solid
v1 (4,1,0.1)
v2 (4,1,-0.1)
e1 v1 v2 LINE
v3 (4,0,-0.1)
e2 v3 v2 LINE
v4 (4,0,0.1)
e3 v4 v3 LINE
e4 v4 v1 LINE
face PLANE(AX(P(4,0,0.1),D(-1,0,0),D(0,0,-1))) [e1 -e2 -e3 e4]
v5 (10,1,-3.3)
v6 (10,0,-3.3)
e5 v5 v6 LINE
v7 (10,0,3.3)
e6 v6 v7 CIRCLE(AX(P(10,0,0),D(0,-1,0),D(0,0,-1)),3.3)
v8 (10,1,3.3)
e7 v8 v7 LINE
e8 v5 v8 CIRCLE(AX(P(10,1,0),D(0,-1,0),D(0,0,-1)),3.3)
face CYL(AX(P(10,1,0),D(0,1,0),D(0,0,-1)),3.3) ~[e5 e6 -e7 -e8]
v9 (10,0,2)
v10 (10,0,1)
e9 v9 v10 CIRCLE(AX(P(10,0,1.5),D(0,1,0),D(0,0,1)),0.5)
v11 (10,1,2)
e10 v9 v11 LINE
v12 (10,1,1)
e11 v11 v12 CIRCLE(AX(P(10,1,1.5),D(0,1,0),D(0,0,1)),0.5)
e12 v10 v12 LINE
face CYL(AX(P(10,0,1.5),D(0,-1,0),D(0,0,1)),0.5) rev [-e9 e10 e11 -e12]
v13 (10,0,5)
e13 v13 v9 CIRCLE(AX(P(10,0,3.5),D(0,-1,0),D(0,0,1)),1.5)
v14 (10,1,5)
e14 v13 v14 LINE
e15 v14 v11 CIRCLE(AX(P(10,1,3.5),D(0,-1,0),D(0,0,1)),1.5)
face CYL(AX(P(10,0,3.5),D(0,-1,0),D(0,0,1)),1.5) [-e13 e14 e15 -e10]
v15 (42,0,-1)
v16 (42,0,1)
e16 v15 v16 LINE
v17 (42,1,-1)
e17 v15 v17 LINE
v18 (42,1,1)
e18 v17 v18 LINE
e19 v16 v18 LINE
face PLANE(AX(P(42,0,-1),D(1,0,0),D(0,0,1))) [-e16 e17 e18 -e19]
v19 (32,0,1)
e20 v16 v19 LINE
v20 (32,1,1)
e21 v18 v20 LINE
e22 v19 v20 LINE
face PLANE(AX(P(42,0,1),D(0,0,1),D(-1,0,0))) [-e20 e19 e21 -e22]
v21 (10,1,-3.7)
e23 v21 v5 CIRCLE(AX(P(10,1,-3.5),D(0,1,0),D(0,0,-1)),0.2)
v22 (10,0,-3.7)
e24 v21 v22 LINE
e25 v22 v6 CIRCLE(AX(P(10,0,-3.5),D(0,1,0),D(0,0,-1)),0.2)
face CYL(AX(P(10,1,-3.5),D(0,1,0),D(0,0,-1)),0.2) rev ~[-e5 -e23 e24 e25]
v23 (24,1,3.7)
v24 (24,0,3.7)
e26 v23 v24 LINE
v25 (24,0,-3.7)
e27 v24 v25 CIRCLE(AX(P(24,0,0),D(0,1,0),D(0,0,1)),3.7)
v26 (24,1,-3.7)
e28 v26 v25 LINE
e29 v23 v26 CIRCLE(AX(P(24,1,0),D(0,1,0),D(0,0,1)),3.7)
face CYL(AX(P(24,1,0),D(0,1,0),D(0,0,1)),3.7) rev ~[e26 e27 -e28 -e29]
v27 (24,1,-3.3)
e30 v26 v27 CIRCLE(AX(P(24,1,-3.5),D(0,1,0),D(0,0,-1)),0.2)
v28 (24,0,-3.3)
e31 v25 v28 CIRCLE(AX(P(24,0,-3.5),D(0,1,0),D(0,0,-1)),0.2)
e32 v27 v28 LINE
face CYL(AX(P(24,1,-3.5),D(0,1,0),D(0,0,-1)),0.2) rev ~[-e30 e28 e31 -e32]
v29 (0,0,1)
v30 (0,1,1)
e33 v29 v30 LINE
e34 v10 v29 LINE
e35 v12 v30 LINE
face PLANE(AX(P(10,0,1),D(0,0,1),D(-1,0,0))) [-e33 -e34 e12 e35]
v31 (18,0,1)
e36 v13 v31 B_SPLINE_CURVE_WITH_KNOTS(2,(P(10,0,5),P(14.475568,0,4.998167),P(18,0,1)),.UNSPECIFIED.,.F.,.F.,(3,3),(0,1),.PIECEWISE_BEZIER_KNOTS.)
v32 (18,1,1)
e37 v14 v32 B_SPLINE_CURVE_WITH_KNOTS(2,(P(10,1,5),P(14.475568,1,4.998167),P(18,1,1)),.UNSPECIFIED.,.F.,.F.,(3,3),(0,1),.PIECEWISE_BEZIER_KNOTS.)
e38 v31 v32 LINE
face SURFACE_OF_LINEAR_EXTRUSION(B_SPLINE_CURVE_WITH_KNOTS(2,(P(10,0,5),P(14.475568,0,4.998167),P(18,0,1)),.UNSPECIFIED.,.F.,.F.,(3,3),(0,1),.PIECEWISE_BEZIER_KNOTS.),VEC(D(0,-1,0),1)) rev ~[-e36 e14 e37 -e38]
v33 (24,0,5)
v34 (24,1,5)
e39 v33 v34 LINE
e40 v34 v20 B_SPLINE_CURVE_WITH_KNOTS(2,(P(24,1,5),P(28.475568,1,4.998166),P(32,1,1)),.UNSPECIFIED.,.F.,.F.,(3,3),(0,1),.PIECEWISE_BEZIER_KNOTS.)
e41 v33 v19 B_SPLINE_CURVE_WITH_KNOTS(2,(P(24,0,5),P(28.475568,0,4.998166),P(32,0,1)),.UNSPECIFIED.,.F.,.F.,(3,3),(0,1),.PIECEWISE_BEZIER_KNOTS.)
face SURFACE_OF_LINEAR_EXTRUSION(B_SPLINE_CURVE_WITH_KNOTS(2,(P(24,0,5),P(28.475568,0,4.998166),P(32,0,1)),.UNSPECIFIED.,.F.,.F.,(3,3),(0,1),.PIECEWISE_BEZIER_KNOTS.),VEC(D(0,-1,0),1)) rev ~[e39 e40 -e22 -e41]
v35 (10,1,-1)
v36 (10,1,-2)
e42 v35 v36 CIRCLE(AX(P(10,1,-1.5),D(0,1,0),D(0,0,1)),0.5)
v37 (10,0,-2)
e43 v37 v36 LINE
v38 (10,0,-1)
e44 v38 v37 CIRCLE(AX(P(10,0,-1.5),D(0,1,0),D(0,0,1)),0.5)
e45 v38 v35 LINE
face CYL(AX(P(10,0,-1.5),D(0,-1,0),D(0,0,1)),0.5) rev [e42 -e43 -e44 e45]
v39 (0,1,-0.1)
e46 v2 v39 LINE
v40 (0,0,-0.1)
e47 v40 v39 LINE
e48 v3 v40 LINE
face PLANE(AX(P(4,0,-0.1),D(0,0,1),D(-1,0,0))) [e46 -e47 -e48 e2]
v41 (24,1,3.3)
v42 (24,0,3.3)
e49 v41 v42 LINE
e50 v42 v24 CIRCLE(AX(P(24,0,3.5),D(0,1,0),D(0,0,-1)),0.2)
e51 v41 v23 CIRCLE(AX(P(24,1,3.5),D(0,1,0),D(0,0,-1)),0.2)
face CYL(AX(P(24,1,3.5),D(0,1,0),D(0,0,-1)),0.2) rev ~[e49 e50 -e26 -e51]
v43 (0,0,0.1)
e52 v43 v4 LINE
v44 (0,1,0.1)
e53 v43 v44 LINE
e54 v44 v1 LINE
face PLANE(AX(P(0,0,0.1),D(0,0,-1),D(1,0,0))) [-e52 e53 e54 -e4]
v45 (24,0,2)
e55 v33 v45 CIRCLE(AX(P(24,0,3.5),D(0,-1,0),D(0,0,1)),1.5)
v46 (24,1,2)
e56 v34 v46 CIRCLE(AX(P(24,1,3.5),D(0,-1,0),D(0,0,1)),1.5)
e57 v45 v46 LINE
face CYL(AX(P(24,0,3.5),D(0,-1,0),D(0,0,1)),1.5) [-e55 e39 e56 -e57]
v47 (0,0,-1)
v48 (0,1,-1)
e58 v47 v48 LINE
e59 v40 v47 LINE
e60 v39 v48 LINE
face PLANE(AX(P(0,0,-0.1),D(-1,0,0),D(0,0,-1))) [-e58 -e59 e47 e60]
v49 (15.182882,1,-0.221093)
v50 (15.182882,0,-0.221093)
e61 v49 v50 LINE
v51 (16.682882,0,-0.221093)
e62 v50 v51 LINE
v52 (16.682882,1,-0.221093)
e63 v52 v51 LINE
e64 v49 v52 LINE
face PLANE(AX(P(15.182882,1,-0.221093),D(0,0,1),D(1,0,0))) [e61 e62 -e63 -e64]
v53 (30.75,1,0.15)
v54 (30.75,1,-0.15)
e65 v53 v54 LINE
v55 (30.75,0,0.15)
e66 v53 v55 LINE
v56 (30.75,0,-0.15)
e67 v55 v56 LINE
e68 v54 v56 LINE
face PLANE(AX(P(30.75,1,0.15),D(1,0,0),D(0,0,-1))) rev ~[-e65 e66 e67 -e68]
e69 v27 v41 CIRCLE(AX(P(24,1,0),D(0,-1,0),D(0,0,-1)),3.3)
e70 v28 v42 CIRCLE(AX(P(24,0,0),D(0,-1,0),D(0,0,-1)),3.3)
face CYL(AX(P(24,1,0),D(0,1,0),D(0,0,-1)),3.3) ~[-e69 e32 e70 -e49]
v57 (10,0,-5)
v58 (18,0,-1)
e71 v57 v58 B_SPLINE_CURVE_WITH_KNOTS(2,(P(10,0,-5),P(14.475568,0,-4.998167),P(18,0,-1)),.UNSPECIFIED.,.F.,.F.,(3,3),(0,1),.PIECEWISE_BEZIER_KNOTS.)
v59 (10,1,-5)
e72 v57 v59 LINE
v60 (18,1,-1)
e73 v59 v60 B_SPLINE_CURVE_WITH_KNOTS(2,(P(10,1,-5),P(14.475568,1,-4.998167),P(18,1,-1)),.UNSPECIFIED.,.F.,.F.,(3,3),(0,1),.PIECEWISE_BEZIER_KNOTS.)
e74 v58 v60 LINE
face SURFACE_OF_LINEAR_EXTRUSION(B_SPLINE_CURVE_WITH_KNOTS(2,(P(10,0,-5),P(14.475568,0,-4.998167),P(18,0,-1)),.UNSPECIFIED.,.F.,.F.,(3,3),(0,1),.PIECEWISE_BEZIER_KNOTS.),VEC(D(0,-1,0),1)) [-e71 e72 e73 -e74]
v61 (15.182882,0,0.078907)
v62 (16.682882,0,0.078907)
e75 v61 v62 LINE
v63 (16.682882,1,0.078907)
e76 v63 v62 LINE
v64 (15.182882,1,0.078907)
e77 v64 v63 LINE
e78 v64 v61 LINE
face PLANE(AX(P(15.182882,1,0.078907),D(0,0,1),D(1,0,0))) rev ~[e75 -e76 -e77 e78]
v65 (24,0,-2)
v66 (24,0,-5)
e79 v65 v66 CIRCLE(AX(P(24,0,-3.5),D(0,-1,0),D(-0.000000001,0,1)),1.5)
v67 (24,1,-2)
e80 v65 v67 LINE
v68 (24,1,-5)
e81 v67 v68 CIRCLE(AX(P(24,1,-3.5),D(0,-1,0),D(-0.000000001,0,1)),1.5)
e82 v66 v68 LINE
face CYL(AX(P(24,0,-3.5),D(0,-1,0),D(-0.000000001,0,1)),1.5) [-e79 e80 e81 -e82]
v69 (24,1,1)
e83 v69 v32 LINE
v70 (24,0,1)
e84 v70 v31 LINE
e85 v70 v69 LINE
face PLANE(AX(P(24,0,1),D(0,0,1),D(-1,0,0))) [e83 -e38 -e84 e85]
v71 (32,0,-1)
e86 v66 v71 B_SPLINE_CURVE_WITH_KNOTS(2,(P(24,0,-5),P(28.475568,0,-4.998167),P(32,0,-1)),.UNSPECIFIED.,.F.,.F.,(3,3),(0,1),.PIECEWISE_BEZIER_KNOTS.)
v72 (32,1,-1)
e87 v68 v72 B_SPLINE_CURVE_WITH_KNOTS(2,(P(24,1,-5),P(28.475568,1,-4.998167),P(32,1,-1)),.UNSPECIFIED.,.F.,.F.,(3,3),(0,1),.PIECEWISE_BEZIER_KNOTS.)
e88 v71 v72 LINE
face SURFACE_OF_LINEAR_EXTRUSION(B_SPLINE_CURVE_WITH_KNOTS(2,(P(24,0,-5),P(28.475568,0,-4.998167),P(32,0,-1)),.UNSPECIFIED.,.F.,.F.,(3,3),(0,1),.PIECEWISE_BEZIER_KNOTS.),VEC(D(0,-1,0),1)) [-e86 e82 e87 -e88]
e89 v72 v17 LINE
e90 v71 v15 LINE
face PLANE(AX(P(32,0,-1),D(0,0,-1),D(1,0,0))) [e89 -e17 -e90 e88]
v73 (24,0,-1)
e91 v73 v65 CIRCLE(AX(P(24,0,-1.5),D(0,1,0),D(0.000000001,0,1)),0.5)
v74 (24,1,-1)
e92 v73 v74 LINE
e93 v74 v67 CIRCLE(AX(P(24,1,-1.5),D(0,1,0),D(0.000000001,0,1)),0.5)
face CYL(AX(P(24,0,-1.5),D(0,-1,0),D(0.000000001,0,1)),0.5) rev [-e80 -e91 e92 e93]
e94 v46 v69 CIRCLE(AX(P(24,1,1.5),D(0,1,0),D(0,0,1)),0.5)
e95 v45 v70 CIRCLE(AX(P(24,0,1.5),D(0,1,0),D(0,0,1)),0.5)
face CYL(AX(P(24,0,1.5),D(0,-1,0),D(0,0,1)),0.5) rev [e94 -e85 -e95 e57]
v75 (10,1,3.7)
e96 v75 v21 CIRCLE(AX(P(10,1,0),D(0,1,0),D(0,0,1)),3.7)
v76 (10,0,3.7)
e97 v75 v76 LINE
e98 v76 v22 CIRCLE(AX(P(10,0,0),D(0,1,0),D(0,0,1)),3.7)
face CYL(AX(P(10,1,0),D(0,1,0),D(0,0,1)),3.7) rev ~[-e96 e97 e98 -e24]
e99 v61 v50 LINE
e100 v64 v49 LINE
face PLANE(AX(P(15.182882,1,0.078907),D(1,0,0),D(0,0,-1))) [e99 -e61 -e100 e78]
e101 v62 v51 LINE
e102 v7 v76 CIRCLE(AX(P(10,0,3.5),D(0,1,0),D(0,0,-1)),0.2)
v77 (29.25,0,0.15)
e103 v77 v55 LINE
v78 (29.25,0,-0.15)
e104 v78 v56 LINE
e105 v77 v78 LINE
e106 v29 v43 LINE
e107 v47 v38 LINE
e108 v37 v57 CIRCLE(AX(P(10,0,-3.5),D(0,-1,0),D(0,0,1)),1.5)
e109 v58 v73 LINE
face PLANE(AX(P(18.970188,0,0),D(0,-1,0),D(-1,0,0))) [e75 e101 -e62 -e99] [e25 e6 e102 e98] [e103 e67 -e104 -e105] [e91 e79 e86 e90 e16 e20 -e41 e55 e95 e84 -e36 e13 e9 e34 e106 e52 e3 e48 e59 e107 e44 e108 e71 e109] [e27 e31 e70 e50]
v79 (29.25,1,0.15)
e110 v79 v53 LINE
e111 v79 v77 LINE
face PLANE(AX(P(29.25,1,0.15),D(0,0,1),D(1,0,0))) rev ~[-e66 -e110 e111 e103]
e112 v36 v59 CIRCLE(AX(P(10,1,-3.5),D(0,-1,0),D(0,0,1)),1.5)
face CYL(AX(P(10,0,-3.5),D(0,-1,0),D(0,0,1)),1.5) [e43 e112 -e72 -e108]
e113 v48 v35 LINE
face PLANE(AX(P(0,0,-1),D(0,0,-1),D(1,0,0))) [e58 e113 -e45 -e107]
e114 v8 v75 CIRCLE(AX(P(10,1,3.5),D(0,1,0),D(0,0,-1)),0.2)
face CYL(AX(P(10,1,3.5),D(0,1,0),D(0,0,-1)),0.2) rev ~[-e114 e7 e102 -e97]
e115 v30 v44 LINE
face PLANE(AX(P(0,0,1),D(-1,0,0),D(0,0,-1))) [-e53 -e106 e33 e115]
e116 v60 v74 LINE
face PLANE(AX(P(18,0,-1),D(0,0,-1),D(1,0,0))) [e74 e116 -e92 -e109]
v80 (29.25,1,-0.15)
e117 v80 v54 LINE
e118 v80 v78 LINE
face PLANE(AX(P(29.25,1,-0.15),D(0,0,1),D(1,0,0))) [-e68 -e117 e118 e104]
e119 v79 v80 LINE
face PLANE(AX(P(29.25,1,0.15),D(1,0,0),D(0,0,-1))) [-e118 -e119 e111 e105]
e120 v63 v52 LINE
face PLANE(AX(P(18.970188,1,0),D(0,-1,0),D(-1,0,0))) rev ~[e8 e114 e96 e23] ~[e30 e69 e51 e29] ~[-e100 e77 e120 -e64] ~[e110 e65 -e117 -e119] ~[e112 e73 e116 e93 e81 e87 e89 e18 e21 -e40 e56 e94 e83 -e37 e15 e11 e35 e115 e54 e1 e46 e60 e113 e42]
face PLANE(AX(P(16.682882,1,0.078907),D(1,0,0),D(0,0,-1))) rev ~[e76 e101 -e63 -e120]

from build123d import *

# Parameters (mm, degrees)
BOSS_EXTRUDE1_DEPTH = 1
SKETCH2_W           = 1.5
SKETCH2_H           = 0.3
CUT_EXTRUDE1_DEPTH  = 1


with BuildPart() as part:
    # Sketch1 → Boss-Extrude1 (new body)
    with BuildSketch(Plane(origin=(0, 0, 0), x_dir=(1, 0, 0), z_dir=(0, 1, 0))):
        with BuildLine():
            Line((0, 1), (10, 1))
            ThreePointArc((10, 1), (10.499999999, 1.499999999), (10, 1.999999998))
            ThreePointArc((10, 1.999999998), (8.5, 3.499999998), (10, 4.999999998))
            add(Edge.make_bspline(
                [(10, 4.999999998), (14.475567746, 4.998166583), (17.999999995, 1)],
                knots=[0, 0, 0, 1, 1, 1], degree=2))
            Line((17.999999995, 1), (24, 1))
            ThreePointArc((24, 1), (24.499999999, 1.5), (24, 1.999999999))
            ThreePointArc((24, 1.999999999), (22.500000001, 3.500000002), (24.000000003, 5))
            add(Edge.make_bspline(
                [(24.000000003, 5), (28.47556775, 4.998166585), (31.999999998, 1)],
                knots=[0, 0, 0, 1, 1, 1], degree=2))
            Line((31.999999998, 1), (41.999999998, 1))
            Line((41.999999998, 1), (41.999999998, -1.000000004))
            Line((41.999999998, -1.000000004), (31.999999996, -1.000000004))
            add(Edge.make_bspline(
                [(23.999999999, -5), (28.475567744, -4.998166004), (31.999999996, -1.000000004)],
                knots=[0, 0, 0, 1, 1, 1], degree=2))
            ThreePointArc((23.999999999, -5), (22.499999999, -3.5), (23.999999999, -2))
            ThreePointArc((23.999999999, -2), (24.499999999, -1.5), (23.999999999, -1))
            Line((23.999999999, -1), (17.999999995, -1))
            add(Edge.make_bspline(
                [(10, -4.999999998), (14.475567746, -4.998166584), (17.999999995, -1)],
                knots=[0, 0, 0, 1, 1, 1], degree=2))
            ThreePointArc((10, -4.999999998), (8.50000001, -3.500000008), (10, -2.000000018))
            ThreePointArc((10, -2.000000018), (10.500000009, -1.500000009), (10, -1))
            Line((10, -1), (0, -1))
            Line((0, -1), (0, -0.1))
            Line((0, -0.1), (4, -0.1))
            Line((4, -0.1), (4, 0.1))
            Line((4, 0.1), (0, 0.1))
            Line((0, 0.1), (0, 1))
        make_face()
    extrude(amount=BOSS_EXTRUDE1_DEPTH)

    # Sketch2 → Cut-Extrude1 (cut)
    with BuildSketch(Plane(origin=(0, 1, 0), x_dir=(1, 0, 0), z_dir=(0, 1, 0))):
        with Locations((15.932882113, 0.071093436)):
            Rectangle(SKETCH2_W, SKETCH2_H)
        with Locations((30.000000004, 3e-09)):
            Rectangle(SKETCH2_W, SKETCH2_H)
        with BuildLine():
            ThreePointArc((10, -3.699999998), (13.699999998, 0), (10, 3.699999998))
            ThreePointArc((10, 3.699999998), (9.800000001, 3.499999999), (10, 3.3))
            ThreePointArc((10, 3.3), (13.3, 0), (10, -3.3))
            ThreePointArc((10, -3.3), (9.800000001, -3.499999999), (10, -3.699999998))
        make_face()
        with BuildLine():
            ThreePointArc((24, -3.699999998), (27.699999998, 0), (24, 3.699999998))
            ThreePointArc((24, 3.699999998), (23.8, 3.499999998), (24, 3.299999998))
            ThreePointArc((24, 3.299999998), (27.299999998, 0), (24, -3.299999998))
            ThreePointArc((24, -3.299999998), (23.8, -3.499999998), (24, -3.699999998))
        make_face()
    extrude(amount=-CUT_EXTRUDE1_DEPTH, mode=Mode.SUBTRACT)


solid = part.part
